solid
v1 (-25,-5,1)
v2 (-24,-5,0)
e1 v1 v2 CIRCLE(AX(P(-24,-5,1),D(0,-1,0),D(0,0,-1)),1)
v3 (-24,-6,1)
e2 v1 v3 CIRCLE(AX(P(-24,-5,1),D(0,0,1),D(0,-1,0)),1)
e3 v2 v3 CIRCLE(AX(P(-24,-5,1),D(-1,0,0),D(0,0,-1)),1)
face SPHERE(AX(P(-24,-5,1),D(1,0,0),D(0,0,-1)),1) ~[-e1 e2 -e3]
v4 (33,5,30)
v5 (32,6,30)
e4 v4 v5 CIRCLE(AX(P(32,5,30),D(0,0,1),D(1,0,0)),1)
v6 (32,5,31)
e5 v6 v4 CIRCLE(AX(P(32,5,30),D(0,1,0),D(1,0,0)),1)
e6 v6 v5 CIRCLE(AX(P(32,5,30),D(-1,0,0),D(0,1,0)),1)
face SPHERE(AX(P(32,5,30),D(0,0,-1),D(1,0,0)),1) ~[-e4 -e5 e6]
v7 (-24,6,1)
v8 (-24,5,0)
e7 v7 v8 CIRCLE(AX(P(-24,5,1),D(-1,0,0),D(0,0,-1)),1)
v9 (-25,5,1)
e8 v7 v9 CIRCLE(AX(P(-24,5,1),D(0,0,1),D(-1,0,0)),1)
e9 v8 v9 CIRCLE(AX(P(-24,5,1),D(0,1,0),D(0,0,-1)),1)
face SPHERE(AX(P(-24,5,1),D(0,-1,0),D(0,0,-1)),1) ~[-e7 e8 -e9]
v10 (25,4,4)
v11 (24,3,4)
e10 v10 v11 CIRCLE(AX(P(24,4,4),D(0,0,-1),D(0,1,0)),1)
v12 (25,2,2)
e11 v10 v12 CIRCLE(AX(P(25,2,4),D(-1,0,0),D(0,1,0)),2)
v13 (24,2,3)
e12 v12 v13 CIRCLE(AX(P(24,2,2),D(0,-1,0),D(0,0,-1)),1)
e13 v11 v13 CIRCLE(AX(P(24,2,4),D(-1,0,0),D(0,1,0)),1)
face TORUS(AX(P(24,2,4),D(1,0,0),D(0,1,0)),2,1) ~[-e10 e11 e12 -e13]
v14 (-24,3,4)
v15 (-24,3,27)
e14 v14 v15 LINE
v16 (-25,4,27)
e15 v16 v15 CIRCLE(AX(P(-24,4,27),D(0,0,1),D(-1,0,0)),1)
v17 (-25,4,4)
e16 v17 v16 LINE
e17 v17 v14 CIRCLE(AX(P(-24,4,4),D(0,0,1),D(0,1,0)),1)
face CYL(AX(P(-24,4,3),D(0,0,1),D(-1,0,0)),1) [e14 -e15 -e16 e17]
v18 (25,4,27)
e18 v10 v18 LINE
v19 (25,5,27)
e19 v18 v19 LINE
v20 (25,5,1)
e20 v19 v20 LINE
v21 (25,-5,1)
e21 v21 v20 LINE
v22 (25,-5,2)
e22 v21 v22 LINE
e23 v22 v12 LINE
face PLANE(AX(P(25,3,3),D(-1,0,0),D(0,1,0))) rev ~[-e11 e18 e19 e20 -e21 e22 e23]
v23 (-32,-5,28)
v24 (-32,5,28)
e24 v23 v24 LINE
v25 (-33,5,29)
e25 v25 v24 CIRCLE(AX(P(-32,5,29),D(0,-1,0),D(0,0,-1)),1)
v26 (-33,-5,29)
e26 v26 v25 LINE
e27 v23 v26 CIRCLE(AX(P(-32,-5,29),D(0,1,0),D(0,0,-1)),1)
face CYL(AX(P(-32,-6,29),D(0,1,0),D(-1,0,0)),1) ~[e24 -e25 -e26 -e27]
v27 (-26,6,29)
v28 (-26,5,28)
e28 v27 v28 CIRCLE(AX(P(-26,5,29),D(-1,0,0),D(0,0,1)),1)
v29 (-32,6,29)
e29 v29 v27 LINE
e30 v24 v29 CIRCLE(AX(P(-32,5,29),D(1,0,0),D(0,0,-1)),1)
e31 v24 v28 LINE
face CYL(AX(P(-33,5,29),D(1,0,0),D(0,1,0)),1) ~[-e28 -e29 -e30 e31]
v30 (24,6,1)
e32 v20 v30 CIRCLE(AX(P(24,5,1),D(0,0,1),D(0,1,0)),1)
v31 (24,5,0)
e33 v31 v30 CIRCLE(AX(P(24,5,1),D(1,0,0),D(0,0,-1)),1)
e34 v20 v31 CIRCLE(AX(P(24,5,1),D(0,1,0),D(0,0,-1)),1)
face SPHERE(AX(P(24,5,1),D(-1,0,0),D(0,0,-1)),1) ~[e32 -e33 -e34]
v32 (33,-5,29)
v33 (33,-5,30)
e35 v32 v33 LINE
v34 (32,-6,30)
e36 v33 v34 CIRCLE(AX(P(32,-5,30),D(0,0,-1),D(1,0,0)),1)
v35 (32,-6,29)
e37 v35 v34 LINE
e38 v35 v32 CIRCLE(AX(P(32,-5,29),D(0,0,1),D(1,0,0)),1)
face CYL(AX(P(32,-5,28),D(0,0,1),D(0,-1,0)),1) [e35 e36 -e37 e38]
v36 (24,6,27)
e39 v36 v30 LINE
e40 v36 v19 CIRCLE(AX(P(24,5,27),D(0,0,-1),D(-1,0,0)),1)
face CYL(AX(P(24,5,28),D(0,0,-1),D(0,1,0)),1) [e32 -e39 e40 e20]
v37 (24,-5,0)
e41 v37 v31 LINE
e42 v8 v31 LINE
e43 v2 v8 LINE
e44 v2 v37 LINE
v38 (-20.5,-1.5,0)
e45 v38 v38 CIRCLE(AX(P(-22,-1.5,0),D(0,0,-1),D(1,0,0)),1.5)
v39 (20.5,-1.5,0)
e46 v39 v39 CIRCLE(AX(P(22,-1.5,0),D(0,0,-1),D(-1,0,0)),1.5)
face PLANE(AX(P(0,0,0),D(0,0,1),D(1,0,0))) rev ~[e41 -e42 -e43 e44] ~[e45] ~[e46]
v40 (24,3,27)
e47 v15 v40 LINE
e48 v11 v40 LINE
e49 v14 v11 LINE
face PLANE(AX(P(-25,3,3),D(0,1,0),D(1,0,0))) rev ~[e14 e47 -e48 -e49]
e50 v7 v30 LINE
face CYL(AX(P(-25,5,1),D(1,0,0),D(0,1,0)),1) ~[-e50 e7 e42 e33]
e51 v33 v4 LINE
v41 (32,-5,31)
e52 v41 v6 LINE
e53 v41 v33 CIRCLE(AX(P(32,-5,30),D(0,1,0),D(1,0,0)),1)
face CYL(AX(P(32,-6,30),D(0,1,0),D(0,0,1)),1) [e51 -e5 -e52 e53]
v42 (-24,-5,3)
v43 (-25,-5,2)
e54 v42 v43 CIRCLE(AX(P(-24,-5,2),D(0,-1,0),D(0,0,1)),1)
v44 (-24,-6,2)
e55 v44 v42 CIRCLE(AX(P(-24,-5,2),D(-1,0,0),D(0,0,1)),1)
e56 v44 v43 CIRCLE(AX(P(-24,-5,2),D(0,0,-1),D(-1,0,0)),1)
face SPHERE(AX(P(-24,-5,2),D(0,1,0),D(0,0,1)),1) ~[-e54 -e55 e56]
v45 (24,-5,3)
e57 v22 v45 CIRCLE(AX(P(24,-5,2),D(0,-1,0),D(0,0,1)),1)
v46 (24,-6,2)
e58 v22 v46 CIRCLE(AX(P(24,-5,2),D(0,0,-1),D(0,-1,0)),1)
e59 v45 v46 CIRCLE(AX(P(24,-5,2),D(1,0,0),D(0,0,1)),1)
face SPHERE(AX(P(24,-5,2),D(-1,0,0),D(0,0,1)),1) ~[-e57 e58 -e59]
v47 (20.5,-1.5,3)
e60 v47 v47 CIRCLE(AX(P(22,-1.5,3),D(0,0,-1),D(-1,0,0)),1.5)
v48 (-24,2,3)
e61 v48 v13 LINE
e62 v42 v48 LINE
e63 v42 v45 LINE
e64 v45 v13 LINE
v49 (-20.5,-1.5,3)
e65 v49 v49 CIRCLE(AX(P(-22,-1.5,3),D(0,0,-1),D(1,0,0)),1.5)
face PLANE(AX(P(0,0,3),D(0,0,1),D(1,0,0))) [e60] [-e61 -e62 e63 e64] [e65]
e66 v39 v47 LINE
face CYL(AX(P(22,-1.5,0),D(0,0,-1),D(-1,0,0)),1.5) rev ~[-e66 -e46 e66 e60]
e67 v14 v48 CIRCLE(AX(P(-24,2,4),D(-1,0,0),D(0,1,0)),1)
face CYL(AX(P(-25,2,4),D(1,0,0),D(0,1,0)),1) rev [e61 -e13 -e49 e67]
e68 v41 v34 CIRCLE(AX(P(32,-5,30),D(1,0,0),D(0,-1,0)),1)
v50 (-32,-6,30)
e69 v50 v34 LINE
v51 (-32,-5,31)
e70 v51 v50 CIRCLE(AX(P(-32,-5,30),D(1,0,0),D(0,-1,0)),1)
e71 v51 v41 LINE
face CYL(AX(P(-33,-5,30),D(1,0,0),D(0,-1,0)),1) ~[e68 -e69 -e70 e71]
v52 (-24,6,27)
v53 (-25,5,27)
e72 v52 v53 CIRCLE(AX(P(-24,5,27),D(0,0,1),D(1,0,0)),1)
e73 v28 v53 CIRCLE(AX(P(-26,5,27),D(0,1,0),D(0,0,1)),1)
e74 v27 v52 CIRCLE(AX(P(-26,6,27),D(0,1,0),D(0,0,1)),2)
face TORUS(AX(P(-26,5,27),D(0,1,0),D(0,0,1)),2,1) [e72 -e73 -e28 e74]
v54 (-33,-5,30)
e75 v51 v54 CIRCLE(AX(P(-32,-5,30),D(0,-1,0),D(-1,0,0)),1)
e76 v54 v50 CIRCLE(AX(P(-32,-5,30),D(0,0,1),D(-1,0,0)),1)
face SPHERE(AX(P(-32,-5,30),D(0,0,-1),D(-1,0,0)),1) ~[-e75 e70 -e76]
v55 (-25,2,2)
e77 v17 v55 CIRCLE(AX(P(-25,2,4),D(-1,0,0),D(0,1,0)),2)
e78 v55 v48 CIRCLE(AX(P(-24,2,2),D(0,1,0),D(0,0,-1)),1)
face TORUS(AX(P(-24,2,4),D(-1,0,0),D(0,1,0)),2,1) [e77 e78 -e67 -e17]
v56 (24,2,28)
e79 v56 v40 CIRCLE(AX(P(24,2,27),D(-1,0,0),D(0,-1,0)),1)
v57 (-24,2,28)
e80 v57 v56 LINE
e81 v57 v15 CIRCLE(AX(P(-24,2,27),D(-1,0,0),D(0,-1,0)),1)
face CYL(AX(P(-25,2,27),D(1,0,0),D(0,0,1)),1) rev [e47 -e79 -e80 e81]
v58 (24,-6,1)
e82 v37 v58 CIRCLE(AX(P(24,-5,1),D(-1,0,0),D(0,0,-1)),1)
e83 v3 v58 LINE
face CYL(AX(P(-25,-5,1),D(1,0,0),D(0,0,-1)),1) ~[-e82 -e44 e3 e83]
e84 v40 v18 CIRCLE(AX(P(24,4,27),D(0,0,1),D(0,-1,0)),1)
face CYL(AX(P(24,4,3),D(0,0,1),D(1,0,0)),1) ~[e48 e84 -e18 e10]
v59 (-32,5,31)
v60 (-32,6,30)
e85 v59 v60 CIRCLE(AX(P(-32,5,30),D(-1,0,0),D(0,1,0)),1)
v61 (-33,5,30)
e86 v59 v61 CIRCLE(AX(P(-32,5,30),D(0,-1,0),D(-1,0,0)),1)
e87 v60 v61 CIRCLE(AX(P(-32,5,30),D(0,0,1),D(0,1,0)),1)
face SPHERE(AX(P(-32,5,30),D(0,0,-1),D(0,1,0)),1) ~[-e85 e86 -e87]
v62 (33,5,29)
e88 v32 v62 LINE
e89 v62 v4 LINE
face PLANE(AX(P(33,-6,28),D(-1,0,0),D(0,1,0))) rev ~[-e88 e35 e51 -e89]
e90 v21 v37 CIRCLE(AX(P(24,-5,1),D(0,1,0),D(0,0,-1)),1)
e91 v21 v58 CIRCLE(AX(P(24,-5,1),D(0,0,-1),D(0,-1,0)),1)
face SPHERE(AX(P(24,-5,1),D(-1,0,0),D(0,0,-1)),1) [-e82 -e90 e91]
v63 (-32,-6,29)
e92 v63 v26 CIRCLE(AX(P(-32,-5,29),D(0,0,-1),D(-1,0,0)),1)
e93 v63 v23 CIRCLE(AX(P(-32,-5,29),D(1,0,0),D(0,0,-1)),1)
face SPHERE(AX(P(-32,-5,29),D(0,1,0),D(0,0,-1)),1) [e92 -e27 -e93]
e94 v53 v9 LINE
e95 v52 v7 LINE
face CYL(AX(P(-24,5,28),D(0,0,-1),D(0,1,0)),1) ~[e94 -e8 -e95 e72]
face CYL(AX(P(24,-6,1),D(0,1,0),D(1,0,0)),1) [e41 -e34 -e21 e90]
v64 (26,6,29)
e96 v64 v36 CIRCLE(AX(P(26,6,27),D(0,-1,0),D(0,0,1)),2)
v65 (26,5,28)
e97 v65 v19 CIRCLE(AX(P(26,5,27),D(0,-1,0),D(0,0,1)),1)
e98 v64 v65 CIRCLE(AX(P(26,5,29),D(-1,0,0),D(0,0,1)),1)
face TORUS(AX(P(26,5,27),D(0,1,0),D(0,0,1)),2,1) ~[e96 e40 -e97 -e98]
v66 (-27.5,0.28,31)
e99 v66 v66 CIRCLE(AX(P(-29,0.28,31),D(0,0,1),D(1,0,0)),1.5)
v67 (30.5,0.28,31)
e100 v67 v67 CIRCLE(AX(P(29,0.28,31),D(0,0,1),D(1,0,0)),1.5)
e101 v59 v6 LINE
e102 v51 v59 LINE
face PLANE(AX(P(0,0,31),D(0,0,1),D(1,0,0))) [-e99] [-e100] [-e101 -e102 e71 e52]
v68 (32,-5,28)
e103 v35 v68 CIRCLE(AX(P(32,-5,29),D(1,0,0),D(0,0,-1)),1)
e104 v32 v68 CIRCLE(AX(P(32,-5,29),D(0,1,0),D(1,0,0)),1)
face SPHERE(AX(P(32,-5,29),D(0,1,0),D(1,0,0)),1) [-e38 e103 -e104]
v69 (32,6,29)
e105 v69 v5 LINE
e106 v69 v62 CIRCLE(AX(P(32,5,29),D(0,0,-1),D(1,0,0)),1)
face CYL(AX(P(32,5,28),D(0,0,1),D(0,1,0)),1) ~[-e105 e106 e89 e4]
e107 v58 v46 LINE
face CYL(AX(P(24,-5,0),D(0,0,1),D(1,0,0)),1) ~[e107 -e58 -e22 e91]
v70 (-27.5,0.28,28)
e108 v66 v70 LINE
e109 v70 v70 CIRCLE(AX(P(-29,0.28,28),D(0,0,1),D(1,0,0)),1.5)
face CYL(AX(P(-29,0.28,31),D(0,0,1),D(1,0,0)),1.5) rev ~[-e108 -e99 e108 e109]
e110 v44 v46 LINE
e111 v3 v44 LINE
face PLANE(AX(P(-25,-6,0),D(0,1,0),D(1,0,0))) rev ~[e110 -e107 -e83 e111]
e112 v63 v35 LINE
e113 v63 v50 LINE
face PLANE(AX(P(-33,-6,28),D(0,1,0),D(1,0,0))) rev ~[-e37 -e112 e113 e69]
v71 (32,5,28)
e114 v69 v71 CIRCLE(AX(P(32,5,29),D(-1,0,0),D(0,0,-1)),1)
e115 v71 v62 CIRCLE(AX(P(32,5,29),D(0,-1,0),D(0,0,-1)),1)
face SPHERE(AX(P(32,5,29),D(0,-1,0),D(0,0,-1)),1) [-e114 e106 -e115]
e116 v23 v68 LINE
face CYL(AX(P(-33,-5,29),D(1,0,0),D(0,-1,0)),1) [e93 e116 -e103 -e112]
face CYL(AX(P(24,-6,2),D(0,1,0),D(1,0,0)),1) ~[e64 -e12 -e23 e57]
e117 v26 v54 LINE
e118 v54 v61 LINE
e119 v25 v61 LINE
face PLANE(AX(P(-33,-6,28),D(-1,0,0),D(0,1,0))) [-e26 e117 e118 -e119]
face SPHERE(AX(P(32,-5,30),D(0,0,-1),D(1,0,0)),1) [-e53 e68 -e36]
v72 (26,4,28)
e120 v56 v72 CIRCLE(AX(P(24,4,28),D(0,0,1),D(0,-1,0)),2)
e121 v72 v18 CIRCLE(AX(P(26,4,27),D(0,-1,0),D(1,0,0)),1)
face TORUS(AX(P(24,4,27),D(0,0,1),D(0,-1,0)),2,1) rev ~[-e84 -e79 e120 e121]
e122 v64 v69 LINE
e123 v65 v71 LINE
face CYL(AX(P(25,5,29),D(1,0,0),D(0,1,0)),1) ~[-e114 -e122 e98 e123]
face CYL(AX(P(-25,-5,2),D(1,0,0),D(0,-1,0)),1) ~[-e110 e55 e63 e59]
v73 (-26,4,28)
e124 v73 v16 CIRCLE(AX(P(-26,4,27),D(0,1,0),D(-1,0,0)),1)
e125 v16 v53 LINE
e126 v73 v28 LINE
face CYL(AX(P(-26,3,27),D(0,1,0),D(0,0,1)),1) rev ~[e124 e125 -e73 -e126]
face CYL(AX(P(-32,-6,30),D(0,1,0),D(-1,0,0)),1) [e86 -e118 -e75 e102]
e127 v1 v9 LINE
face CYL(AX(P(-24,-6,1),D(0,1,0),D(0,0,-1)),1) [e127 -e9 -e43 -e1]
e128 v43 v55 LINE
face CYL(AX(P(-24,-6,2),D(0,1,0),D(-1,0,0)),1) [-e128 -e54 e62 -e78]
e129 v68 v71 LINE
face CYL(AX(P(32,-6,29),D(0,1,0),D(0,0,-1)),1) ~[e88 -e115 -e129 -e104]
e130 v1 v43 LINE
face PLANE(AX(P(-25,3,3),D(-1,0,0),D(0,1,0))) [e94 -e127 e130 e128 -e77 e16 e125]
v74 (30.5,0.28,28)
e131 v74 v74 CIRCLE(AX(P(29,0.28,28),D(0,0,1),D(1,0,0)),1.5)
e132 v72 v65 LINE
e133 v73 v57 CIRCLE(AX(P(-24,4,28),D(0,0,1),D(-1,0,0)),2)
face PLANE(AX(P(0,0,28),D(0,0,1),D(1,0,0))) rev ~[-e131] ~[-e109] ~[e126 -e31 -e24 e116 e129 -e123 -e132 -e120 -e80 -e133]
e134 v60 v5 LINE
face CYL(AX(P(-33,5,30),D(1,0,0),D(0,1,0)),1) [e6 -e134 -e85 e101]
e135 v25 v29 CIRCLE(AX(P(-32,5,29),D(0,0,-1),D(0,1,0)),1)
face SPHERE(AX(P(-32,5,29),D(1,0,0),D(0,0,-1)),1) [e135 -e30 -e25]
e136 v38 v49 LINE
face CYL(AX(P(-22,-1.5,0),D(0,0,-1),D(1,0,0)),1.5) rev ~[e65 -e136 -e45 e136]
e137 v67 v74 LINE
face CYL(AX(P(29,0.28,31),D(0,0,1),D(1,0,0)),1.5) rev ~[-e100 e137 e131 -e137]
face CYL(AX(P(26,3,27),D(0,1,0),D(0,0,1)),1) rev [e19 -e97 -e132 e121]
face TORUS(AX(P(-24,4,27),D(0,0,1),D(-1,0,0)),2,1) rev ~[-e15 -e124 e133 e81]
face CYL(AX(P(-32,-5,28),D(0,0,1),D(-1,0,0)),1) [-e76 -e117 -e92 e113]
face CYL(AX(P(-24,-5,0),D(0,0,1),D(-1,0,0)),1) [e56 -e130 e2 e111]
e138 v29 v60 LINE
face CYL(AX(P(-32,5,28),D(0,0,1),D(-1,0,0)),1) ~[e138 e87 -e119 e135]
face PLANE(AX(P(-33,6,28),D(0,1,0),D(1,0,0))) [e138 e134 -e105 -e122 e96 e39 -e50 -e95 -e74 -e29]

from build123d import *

# Parameters (mm, degrees)
SCHIZZO1_W                   = 50
SCHIZZO1_H                   = 12
ESTRUSIONE_ESTRUSIONE1_DEPTH = 3
SCHIZZO2_W                   = 50
SCHIZZO2_H                   = 3
ESTRUSIONE_ESTRUSIONE2_DEPTH = 25
SCHIZZO3_W                   = 66
SCHIZZO3_H                   = 12
ESTRUSIONE_ESTRUSIONE3_DEPTH = 3
SCHIZZO5_R                   = 1.5
TAGLIO_ESTRUSIONE1_DEPTH     = 6
SCHIZZO6_R                   = 1.5
TAGLIO_ESTRUSIONE2_DEPTH     = 6
RACCORDO1_R                  = 1


with BuildPart() as part:
    # Schizzo1 → Estrusione-Estrusione1 (new body)
    with BuildSketch(Plane.XY):
        Rectangle(SCHIZZO1_W, SCHIZZO1_H)
    extrude(amount=ESTRUSIONE_ESTRUSIONE1_DEPTH)

    # Schizzo2 → Estrusione-Estrusione2 (add)
    with BuildSketch(Plane.XY.offset(3)):
        with Locations((0, 4.5)):
            Rectangle(SCHIZZO2_W, SCHIZZO2_H)
    extrude(amount=ESTRUSIONE_ESTRUSIONE2_DEPTH)

    # Schizzo3 → Estrusione-Estrusione3 (add)
    with BuildSketch(Plane.XY.offset(28)):
        Rectangle(SCHIZZO3_W, SCHIZZO3_H)
    extrude(amount=ESTRUSIONE_ESTRUSIONE3_DEPTH)

    # Schizzo5 → Taglio-Estrusione1 (cut)
    with BuildSketch(Plane.XY.offset(31)):
        with Locations((29, 0.28)):
            Circle(SCHIZZO5_R)
        with Locations((-29, 0.28)):
            Circle(SCHIZZO5_R)
    extrude(amount=-TAGLIO_ESTRUSIONE1_DEPTH, mode=Mode.SUBTRACT)

    # Schizzo6 → Taglio-Estrusione2 (cut)
    with BuildSketch(Plane(origin=(0, 0, 0), x_dir=(-1, 0, 0), z_dir=(0, 0, -1))):
        with Locations((-22, -1.5)):
            Circle(SCHIZZO6_R)
        with Locations(Location((22, -1.5, 0), (0, 0, 180))):
            Circle(SCHIZZO6_R)
    extrude(amount=-TAGLIO_ESTRUSIONE2_DEPTH, mode=Mode.SUBTRACT)

    # Raccordo1
    raccordo1_edges = [part.edges().sort_by_distance(p)[0] for p in [
        (-25, -1.5, 3),
        (0, -6, 3),
        (0, 3, 3),
        (-25, 3, 15.5),
        (25, 3, 15.5),
        (-25, 4.5, 28),
        (0, 3, 28),
        (25, 4.5, 28),
        (33, 0, 28),
        (33, -6, 29.5),
        (29, 6, 28),
        (-29, 6, 28),
        (33, 6, 29.5),
        (-33, 0, 28),
        (-33, 6, 29.5),
        (0, -6, 28),
        (-33, -6, 29.5),
        (33, 0, 31),
        (0, 6, 31),
        (-33, 0, 31),
        (0, -6, 31),
        (25, -1.5, 3),
        (0, -6, 0),
        (-25, 0, 0),
        (0, 6, 0),
        (25, 0, 0),
        (25, -6, 1.5),
        (-25, -6, 1.5),
        (-25, 6, 14),
        (25, 6, 14),
    ]]
    fillet(raccordo1_edges, radius=RACCORDO1_R)


solid = part.part
